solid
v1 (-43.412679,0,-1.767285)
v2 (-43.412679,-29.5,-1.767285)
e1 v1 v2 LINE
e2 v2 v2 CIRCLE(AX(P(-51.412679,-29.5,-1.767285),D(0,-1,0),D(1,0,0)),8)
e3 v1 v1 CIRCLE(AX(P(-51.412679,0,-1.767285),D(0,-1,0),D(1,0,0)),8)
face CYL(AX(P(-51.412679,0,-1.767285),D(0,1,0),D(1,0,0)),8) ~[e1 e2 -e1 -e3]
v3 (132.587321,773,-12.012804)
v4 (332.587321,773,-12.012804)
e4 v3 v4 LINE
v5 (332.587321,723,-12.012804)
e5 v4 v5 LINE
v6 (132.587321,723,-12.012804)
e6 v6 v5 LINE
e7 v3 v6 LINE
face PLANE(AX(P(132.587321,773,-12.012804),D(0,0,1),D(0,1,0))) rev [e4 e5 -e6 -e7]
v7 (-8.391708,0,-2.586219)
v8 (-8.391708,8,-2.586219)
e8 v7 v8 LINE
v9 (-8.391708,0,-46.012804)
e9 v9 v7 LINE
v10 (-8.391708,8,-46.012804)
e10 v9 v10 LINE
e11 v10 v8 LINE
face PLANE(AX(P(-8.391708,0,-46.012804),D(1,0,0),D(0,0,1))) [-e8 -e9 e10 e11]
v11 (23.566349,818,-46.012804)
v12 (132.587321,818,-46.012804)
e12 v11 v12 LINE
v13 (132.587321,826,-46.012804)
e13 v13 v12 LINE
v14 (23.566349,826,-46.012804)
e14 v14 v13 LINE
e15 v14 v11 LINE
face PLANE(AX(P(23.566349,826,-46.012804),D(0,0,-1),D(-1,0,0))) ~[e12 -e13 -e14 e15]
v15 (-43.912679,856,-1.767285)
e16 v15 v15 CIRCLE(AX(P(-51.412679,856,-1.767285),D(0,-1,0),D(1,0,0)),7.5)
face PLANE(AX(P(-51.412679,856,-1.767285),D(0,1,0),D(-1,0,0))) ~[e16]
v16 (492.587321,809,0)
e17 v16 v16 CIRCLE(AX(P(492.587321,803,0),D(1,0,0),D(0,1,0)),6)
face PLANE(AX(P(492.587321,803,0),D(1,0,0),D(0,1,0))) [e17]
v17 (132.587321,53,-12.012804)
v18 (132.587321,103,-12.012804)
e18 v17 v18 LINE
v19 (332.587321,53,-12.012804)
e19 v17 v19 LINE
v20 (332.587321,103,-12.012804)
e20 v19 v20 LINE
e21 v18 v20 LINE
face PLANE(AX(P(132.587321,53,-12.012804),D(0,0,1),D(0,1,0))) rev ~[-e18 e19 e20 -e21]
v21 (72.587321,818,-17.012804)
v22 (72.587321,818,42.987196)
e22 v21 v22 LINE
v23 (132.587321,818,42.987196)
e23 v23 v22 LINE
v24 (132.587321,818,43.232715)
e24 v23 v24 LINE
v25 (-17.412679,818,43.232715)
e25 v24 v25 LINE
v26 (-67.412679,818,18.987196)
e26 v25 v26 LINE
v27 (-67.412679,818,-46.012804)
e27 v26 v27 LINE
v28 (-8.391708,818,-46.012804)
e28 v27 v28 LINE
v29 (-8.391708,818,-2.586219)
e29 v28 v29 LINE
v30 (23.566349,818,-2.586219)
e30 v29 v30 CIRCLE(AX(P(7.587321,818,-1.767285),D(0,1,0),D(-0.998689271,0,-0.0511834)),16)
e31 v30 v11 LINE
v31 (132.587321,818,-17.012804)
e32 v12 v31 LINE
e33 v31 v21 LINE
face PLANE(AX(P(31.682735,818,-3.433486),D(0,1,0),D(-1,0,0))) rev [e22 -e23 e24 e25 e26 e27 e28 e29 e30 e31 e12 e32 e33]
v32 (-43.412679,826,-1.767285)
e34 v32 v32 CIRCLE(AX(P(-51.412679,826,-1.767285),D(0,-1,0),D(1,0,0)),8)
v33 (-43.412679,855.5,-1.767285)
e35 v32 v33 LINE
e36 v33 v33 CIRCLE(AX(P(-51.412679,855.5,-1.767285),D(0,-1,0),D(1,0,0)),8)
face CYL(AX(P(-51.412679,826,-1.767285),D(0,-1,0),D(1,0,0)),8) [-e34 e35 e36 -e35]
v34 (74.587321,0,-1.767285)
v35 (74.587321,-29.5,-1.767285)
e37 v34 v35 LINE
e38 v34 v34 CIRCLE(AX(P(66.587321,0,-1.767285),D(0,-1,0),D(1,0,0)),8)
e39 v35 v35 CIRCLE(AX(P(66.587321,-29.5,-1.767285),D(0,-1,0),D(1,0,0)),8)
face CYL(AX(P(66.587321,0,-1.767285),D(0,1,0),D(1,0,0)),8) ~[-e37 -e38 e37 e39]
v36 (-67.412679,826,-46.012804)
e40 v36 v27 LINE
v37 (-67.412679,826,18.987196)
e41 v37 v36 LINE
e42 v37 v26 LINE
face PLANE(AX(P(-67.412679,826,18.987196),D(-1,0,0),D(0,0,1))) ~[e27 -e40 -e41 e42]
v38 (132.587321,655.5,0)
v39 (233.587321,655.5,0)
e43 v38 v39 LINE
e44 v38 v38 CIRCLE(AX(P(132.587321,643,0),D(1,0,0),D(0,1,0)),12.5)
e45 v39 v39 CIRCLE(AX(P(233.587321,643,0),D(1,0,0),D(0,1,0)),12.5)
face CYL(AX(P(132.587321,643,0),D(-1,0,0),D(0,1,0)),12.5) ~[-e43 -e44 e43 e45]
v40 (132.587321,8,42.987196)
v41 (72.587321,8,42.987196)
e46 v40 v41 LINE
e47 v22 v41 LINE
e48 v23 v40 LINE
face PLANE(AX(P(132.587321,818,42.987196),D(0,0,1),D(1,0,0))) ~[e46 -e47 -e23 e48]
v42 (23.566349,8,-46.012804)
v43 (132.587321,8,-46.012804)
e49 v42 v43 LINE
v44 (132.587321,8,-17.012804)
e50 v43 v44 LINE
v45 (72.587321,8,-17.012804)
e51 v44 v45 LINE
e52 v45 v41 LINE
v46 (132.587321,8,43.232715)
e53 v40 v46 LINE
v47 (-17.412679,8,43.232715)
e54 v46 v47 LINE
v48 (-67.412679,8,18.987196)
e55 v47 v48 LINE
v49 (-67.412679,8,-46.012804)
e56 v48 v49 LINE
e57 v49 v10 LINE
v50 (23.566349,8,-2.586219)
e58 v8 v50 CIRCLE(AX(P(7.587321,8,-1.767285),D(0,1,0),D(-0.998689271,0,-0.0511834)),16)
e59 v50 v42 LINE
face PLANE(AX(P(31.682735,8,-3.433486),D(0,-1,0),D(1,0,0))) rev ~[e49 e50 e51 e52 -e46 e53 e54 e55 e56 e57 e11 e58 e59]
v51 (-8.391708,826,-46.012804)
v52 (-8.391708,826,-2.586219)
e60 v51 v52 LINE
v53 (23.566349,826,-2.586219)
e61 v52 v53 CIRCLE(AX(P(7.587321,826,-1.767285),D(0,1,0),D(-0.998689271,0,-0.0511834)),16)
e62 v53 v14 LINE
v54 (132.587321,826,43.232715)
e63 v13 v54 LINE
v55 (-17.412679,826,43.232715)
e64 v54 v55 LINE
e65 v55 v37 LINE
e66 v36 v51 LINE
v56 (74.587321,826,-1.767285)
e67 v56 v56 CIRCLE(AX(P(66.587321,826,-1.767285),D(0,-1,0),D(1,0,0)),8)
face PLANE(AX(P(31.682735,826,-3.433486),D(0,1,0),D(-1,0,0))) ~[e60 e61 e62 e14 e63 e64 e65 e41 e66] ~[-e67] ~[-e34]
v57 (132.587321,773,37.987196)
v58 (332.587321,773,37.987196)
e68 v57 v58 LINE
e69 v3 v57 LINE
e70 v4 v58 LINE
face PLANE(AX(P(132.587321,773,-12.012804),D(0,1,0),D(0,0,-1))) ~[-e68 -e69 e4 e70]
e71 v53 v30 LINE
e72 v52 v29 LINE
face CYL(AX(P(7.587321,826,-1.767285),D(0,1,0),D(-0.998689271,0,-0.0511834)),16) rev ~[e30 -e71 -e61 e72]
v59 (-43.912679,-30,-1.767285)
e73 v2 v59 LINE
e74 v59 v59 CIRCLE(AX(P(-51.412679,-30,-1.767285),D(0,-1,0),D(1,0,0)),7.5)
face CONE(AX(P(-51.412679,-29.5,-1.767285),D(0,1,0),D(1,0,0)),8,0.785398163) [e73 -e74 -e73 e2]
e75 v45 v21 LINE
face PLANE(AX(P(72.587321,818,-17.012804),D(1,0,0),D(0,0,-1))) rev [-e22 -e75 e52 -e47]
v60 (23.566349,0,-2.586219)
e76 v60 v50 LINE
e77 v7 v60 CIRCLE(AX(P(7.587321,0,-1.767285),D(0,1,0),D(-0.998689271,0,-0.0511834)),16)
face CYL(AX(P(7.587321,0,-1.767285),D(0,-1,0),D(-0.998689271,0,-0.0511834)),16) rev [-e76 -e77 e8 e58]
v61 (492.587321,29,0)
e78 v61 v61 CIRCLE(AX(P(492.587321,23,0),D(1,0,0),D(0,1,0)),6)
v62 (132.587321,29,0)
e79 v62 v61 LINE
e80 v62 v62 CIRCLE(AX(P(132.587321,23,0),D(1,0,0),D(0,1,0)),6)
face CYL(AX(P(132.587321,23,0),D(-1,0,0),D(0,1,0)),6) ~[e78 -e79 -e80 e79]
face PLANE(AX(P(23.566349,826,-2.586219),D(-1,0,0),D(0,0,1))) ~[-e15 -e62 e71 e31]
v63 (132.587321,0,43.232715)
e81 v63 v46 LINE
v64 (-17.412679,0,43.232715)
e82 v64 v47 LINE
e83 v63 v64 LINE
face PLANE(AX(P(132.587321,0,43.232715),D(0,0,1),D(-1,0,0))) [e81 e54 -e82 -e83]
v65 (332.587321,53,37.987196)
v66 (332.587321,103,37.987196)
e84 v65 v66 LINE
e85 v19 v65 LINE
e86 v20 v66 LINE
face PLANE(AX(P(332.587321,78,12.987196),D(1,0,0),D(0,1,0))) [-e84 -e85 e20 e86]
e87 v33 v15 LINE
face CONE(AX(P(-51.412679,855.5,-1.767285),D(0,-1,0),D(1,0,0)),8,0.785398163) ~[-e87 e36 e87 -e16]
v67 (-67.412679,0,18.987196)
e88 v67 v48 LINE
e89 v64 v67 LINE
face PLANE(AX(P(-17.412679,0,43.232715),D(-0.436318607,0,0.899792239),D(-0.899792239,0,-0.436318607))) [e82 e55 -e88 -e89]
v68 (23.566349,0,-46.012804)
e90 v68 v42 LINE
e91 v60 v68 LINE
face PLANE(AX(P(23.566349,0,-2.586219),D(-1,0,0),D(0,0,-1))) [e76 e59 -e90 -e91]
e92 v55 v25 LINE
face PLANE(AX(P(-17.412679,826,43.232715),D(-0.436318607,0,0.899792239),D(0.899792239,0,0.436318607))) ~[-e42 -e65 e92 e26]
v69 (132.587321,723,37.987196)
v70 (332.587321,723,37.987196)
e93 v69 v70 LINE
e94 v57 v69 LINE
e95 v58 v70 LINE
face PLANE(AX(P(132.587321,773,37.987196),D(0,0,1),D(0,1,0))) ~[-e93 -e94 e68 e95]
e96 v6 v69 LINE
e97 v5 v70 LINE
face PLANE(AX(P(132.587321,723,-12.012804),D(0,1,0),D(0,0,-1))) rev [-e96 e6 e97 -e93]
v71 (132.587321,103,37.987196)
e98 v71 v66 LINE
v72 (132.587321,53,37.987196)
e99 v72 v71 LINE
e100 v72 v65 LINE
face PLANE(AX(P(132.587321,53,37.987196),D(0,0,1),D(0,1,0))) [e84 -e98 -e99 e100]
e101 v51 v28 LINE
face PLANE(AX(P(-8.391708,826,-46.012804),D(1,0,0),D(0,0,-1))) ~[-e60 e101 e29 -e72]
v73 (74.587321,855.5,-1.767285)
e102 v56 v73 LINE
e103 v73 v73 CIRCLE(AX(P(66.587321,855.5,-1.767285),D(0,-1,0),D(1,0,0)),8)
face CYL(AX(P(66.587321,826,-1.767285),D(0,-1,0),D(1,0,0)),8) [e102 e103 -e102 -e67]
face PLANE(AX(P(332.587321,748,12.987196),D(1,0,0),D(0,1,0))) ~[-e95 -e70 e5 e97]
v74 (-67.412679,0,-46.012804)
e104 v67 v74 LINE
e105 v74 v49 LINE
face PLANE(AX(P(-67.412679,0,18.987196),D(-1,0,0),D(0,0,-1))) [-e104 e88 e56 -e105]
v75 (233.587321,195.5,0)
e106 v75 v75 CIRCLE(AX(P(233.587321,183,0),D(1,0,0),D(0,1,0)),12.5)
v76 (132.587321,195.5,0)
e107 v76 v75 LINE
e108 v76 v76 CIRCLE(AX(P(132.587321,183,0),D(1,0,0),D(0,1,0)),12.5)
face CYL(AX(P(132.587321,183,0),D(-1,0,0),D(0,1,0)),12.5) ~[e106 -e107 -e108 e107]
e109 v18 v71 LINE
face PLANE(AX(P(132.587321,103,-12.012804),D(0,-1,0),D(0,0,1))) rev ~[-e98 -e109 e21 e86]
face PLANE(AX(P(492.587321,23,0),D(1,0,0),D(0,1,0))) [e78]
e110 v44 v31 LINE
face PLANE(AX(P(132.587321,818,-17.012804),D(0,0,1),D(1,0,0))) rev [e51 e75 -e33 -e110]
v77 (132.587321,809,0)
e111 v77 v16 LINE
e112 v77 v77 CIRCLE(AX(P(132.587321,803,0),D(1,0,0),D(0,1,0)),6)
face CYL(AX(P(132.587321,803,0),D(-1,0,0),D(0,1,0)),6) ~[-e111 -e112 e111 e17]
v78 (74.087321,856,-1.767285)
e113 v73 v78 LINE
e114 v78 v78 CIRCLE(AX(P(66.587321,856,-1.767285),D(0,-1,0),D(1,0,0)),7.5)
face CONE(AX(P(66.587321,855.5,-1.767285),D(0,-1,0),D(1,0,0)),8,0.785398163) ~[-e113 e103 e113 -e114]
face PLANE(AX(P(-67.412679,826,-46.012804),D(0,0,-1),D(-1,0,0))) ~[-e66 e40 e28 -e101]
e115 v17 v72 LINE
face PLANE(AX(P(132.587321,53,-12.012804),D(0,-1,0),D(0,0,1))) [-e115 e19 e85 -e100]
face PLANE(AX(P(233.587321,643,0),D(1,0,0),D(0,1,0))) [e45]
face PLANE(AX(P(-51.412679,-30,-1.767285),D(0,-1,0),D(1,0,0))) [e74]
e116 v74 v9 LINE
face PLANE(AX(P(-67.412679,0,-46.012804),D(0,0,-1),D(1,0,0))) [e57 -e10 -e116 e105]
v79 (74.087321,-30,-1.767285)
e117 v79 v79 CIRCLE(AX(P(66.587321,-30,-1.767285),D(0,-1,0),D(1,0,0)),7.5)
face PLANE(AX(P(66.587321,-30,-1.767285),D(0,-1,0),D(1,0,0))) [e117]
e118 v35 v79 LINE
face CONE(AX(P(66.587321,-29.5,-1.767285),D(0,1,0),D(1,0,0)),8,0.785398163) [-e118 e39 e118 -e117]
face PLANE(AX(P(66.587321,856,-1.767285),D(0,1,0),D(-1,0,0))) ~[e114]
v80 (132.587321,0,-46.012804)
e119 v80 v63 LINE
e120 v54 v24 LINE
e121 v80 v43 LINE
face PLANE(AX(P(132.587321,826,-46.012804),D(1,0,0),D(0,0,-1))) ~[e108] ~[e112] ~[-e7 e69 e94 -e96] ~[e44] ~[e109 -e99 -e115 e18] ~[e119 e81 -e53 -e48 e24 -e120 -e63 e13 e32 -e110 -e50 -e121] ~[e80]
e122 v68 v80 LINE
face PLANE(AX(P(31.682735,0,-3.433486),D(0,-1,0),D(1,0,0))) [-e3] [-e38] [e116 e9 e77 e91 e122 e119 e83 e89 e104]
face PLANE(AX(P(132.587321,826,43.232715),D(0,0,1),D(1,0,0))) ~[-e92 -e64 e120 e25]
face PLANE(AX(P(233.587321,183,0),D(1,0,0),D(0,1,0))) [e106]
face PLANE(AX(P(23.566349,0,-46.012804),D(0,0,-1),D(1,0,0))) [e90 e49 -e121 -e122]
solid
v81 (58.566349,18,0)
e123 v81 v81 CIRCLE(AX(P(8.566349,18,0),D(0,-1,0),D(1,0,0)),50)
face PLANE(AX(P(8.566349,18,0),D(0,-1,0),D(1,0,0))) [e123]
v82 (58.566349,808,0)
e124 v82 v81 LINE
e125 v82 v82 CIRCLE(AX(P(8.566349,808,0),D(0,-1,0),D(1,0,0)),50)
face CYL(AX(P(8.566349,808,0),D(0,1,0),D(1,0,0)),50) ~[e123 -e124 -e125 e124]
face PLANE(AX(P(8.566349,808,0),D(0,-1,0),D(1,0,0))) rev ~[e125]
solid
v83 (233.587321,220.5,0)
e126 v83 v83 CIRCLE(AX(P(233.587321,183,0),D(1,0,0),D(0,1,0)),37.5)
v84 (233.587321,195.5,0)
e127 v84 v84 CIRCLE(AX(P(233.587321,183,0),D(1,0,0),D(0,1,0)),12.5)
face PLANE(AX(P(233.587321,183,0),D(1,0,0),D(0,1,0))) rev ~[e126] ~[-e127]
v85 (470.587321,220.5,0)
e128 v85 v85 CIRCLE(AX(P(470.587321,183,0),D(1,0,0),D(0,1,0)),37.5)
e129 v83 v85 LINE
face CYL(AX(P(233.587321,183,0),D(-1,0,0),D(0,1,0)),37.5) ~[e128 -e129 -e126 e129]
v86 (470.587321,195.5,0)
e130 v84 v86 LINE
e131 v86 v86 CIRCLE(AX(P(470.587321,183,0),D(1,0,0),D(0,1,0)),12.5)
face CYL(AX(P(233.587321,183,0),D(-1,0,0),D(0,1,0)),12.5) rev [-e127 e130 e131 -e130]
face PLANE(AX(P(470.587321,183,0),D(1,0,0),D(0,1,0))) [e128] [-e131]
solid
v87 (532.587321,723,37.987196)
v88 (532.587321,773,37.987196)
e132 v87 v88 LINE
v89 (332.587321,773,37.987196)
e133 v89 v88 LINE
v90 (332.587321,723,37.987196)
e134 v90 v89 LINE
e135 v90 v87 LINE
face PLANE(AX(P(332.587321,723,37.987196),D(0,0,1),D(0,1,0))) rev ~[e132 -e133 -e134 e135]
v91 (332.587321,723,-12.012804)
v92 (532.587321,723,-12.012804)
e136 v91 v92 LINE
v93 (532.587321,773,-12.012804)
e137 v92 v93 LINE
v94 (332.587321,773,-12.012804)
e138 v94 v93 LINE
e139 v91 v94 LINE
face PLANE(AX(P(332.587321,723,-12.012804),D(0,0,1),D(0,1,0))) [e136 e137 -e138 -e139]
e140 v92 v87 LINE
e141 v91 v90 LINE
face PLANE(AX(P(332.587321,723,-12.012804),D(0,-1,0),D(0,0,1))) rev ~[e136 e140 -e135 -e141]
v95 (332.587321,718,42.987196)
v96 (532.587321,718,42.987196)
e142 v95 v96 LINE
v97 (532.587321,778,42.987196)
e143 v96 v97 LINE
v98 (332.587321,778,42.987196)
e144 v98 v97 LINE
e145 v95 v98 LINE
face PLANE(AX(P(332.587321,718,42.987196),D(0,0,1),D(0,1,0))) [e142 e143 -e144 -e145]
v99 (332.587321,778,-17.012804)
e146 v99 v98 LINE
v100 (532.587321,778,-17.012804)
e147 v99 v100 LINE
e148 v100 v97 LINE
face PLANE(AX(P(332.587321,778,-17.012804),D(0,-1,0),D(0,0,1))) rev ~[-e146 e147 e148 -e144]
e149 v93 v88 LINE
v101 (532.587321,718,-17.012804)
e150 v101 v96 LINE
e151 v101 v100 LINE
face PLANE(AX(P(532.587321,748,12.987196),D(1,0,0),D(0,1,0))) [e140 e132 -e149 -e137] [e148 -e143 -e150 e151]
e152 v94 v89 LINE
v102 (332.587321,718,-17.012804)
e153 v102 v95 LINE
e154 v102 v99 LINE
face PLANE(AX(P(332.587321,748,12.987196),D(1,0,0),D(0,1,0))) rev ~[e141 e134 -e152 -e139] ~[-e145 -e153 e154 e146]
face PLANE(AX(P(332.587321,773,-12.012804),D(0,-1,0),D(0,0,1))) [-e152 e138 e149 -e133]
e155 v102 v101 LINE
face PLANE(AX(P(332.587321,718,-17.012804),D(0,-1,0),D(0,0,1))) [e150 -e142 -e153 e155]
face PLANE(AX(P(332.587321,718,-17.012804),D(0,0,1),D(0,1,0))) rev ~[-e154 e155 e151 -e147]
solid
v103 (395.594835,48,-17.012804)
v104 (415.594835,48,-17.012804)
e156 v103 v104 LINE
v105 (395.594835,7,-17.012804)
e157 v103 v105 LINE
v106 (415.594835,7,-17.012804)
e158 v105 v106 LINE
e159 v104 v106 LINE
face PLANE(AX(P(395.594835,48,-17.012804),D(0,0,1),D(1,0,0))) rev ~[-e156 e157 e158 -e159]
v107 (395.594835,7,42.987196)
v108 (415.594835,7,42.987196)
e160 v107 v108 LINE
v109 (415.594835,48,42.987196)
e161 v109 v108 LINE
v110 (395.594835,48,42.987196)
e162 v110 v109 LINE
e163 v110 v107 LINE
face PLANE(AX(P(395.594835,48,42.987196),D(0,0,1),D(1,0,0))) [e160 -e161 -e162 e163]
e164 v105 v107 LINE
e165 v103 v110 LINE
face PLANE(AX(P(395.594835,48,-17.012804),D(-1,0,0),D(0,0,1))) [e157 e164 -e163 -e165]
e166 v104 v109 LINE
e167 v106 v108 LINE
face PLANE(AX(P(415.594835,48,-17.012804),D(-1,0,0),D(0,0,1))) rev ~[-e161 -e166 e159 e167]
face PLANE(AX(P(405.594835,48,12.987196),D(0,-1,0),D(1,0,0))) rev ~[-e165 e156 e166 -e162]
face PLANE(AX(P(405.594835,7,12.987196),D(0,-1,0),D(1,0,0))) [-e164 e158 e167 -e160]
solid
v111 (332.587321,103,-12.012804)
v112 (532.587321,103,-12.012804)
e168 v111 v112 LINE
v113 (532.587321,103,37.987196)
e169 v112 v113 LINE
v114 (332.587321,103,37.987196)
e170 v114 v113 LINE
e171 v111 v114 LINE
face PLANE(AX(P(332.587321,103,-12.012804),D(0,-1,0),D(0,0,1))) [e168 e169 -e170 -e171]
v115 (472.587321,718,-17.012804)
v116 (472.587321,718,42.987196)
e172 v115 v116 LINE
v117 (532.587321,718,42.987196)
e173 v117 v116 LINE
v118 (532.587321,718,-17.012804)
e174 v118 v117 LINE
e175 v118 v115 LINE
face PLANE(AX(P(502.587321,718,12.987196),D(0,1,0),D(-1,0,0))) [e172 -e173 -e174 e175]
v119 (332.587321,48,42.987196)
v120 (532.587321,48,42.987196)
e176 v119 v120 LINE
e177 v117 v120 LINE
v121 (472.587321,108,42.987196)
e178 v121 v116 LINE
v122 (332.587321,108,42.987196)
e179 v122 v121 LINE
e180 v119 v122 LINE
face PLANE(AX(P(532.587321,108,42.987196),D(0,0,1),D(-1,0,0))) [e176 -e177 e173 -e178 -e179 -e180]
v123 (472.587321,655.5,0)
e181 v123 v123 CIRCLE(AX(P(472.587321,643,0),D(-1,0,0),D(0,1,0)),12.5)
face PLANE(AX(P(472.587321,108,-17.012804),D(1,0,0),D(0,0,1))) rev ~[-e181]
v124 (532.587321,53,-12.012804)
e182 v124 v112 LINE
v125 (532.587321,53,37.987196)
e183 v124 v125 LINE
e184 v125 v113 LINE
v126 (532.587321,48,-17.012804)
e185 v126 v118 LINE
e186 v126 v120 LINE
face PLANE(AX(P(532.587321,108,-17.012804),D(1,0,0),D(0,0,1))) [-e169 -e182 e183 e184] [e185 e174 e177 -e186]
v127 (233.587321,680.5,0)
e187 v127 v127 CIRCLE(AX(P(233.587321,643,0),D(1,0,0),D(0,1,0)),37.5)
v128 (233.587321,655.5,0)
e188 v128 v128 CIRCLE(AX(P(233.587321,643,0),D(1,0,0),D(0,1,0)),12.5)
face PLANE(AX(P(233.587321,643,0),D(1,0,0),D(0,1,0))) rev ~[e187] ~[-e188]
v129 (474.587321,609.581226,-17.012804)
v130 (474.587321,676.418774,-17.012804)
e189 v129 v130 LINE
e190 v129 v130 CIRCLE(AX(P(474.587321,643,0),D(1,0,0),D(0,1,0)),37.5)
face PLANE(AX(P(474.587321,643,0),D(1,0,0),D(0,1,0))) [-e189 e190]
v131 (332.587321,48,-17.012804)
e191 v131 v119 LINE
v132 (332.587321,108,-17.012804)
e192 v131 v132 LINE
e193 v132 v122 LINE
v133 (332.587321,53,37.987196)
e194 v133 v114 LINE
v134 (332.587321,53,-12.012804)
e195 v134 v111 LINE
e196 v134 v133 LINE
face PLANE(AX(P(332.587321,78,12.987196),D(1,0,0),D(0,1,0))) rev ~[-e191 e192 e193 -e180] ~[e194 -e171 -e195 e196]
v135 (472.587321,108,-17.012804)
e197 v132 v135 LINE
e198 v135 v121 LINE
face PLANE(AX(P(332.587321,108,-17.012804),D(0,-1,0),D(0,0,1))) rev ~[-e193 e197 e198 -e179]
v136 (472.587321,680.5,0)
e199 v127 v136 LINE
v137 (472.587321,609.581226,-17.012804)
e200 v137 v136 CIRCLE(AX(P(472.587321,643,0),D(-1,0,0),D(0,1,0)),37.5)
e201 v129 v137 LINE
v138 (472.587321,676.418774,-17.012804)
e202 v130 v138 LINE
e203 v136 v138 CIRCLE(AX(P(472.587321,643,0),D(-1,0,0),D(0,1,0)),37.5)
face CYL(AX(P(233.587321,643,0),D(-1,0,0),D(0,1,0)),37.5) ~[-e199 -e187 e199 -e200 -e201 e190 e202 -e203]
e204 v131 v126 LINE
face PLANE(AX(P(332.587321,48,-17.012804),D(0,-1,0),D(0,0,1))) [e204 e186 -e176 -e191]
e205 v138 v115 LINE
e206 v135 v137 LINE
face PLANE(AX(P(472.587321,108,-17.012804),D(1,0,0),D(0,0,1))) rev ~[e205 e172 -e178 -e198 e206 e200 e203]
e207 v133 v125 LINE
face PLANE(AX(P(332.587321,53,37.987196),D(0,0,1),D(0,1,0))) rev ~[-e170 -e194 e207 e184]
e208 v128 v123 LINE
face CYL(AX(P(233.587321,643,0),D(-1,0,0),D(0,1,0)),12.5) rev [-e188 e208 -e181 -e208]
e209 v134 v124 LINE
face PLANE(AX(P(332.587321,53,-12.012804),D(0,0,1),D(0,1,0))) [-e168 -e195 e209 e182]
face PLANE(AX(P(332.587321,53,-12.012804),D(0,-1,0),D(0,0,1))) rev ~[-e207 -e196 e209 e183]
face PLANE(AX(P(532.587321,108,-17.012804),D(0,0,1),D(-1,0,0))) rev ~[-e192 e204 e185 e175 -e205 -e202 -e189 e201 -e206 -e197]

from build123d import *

# Parameters (mm, degrees)
F1_DEPTH  = 8
F2_R      = 8
F3_DEPTH  = 30
F4_SIZE   = 0.5
F5_W      = 60
F5_H      = 60
F6_DEPTH  = 405
F7_W      = 50
F7_H      = 50
F8_DEPTH  = 200
F10_W     = 60
F10_H     = 60
F10_W_2   = 50
F10_H_2   = 50
F11_DEPTH = 200
F13_W     = 60
F13_H     = 60
F14_DEPTH = 610
F15_W     = 60
F15_H     = 60
F15_W_2   = 50
F15_H_2   = 50
F16_DEPTH = 200
F17_R     = 6
F18_DEPTH = 360
F19_DEPTH = 360
F20_W     = 20
F20_H     = 60
F21_DEPTH = 41
F22_R     = 12.5
F23_DEPTH = 101
F24_R     = 37.5
F24_R_2   = 12.5
F25_DEPTH = 237
F26_R     = 12.5
F27_DEPTH = 101
F28_R     = 37.5
F28_R_2   = 12.5
F29_DEPTH = 241
F31_R     = 50
F32_DEPTH = 790


with BuildPart() as f1:
    # F0 (on Front) → F1 (new body)
    with BuildSketch(Plane.XZ):
        with BuildLine():
            Line((132.5873207722, 43.2327152074), (-17.4126792278, 43.2327152074))
            Line((-17.4126792278, 43.2327152074), (-67.4126792278, 18.9871956075))
            Line((-67.4126792278, 18.9871956075), (-67.4126792278, -46.0128043925))
            Line((-67.4126792278, -46.0128043925), (-8.3917075603, -46.0128043925))
            Line((-8.3917075603, -46.0128043925), (-8.3917075603, -2.5862191913))
            ThreePointArc((-8.3917075603, -2.5862191913), (7.5873207722, 14.2327152074), (23.5663491047, -2.5862191913))
            Line((23.5663491047, -2.5862191913), (23.5663491047, -46.0128043925))
            Line((23.5663491047, -46.0128043925), (132.5873207722, -46.0128043925))
            Line((132.5873207722, -46.0128043925), (132.5873207722, 43.2327152074))
        make_face()
    extrude(amount=-F1_DEPTH)

    # F2 (on face) → F3 (join)
    with BuildSketch(Plane.XZ):
        with Locations((-51.4126792278, -1.7672847926)):
            Circle(F2_R)
        with Locations((66.5873207722, -1.7672847926)):
            Circle(F2_R)
    extrude(amount=F3_DEPTH)

    # F4
    f4_edges = [f1.edges().sort_by_distance(p)[0] for p in [
        (-59.412679, -30, -1.767285),
        (58.587321, -30, -1.767285),
    ]]
    chamfer(f4_edges, length=F4_SIZE)

    # F5 (on face) → F6 (join)
    with BuildSketch(Plane(origin=(0, 8, 0), x_dir=(-1, 0, 0), z_dir=(0, 1, 0))):
        with Locations((-102.5873207722, 12.9871956075)):
            Rectangle(F5_W, F5_H)
    extrude(amount=F6_DEPTH)

    # F7 (on face) → F8 (join)
    with BuildSketch(Plane.YZ.offset(132.5873207722)):
        with Locations((78, 12.9871956075)):
            Rectangle(F7_W, F7_H)
    extrude(amount=F8_DEPTH)

    # F12: F1 across face


with BuildPart() as f11:
    # F10 (on face) → F11 (new body)
    with BuildSketch(Plane.YZ.offset(332.5873207722)):
        with Locations((78, 12.9871956075)):
            Rectangle(F10_W, F10_H)
        with Locations((78, 12.9871956075)):
            Rectangle(F10_W_2, F10_H_2, mode=Mode.SUBTRACT)
    extrude(amount=F11_DEPTH)

    # F13 (on face) → F14 (join)
    with BuildSketch(Plane(origin=(0, 108, 0), x_dir=(-1, 0, 0), z_dir=(0, 1, 0))):
        with Locations((-502.5873207722, 12.9871956075)):
            Rectangle(F13_W, F13_H)
    extrude(amount=F14_DEPTH)


with BuildPart() as f1_1:
    add(f1.part)
    add(f1.part.mirror(Plane(origin=(102.5873207722, 413, 12.9871956075), x_dir=(-1, 0, 0), z_dir=(0, 1, 0))))

    # F17 (on face) → F18 (join)
    with BuildSketch(Plane.YZ.offset(132.5873207722)):
        with Locations((23, 0)):
            Circle(F17_R)
    extrude(amount=F18_DEPTH)

    # F17 (on face) → F19 (join)
    with BuildSketch(Plane.YZ.offset(132.5873207722)):
        with Locations((803, 0)):
            Circle(F17_R)
    extrude(amount=F19_DEPTH)

    # F22 (on face) → F23 (join)
    with BuildSketch(Plane.YZ.offset(132.5873207722)):
        with Locations((183, 0)):
            Circle(F22_R)
    extrude(amount=F23_DEPTH)

    # F26 (on face) → F27 (join)
    with BuildSketch(Plane.YZ.offset(132.5873207722)):
        with Locations((643, 0)):
            Circle(F26_R)
    extrude(amount=F27_DEPTH)


    add(f11.part)  # F29 merges F11
    # F28 (on face) → F29 (join)
    with BuildSketch(Plane.YZ.offset(233.5873207722)):
        with Locations((643, 0)):
            Circle(F28_R)
        with Locations((643, 0)):
            Circle(F28_R_2, mode=Mode.SUBTRACT)
    extrude(amount=F29_DEPTH)


with BuildPart() as f16:
    # F15 (on face) → F16 (new body)
    with BuildSketch(Plane.YZ.offset(332.5873207722)):
        with Locations((748, 12.9871956075)):
            Rectangle(F15_W, F15_H)
        with Locations((748, 12.9871956075)):
            Rectangle(F15_W_2, F15_H_2, mode=Mode.SUBTRACT)
    extrude(amount=F16_DEPTH)


with BuildPart() as f21:
    # F20 (on face) → F21 (new body)
    with BuildSketch(Plane.XZ.offset(-48)):
        with Locations((405.5948352814, 12.9871956075)):
            Rectangle(F20_W, F20_H)
    extrude(amount=F21_DEPTH)


with BuildPart() as f25:
    # F24 (on face) → F25 (new body)
    with BuildSketch(Plane.YZ.offset(233.5873207722)):
        with Locations((183, 0)):
            Circle(F24_R)
        with Locations((183, 0)):
            Circle(F24_R_2, mode=Mode.SUBTRACT)
    extrude(amount=F25_DEPTH)


with BuildPart() as f32:
    # F31 (on offset) → F32 (new body)
    with BuildSketch(Plane.XZ.offset(-808)):
        with Locations((8.5663491047, 0)):
            Circle(F31_R)
    extrude(amount=F32_DEPTH)


solid = Compound([f1_1.part, f16.part, f21.part, f25.part, f32.part])
